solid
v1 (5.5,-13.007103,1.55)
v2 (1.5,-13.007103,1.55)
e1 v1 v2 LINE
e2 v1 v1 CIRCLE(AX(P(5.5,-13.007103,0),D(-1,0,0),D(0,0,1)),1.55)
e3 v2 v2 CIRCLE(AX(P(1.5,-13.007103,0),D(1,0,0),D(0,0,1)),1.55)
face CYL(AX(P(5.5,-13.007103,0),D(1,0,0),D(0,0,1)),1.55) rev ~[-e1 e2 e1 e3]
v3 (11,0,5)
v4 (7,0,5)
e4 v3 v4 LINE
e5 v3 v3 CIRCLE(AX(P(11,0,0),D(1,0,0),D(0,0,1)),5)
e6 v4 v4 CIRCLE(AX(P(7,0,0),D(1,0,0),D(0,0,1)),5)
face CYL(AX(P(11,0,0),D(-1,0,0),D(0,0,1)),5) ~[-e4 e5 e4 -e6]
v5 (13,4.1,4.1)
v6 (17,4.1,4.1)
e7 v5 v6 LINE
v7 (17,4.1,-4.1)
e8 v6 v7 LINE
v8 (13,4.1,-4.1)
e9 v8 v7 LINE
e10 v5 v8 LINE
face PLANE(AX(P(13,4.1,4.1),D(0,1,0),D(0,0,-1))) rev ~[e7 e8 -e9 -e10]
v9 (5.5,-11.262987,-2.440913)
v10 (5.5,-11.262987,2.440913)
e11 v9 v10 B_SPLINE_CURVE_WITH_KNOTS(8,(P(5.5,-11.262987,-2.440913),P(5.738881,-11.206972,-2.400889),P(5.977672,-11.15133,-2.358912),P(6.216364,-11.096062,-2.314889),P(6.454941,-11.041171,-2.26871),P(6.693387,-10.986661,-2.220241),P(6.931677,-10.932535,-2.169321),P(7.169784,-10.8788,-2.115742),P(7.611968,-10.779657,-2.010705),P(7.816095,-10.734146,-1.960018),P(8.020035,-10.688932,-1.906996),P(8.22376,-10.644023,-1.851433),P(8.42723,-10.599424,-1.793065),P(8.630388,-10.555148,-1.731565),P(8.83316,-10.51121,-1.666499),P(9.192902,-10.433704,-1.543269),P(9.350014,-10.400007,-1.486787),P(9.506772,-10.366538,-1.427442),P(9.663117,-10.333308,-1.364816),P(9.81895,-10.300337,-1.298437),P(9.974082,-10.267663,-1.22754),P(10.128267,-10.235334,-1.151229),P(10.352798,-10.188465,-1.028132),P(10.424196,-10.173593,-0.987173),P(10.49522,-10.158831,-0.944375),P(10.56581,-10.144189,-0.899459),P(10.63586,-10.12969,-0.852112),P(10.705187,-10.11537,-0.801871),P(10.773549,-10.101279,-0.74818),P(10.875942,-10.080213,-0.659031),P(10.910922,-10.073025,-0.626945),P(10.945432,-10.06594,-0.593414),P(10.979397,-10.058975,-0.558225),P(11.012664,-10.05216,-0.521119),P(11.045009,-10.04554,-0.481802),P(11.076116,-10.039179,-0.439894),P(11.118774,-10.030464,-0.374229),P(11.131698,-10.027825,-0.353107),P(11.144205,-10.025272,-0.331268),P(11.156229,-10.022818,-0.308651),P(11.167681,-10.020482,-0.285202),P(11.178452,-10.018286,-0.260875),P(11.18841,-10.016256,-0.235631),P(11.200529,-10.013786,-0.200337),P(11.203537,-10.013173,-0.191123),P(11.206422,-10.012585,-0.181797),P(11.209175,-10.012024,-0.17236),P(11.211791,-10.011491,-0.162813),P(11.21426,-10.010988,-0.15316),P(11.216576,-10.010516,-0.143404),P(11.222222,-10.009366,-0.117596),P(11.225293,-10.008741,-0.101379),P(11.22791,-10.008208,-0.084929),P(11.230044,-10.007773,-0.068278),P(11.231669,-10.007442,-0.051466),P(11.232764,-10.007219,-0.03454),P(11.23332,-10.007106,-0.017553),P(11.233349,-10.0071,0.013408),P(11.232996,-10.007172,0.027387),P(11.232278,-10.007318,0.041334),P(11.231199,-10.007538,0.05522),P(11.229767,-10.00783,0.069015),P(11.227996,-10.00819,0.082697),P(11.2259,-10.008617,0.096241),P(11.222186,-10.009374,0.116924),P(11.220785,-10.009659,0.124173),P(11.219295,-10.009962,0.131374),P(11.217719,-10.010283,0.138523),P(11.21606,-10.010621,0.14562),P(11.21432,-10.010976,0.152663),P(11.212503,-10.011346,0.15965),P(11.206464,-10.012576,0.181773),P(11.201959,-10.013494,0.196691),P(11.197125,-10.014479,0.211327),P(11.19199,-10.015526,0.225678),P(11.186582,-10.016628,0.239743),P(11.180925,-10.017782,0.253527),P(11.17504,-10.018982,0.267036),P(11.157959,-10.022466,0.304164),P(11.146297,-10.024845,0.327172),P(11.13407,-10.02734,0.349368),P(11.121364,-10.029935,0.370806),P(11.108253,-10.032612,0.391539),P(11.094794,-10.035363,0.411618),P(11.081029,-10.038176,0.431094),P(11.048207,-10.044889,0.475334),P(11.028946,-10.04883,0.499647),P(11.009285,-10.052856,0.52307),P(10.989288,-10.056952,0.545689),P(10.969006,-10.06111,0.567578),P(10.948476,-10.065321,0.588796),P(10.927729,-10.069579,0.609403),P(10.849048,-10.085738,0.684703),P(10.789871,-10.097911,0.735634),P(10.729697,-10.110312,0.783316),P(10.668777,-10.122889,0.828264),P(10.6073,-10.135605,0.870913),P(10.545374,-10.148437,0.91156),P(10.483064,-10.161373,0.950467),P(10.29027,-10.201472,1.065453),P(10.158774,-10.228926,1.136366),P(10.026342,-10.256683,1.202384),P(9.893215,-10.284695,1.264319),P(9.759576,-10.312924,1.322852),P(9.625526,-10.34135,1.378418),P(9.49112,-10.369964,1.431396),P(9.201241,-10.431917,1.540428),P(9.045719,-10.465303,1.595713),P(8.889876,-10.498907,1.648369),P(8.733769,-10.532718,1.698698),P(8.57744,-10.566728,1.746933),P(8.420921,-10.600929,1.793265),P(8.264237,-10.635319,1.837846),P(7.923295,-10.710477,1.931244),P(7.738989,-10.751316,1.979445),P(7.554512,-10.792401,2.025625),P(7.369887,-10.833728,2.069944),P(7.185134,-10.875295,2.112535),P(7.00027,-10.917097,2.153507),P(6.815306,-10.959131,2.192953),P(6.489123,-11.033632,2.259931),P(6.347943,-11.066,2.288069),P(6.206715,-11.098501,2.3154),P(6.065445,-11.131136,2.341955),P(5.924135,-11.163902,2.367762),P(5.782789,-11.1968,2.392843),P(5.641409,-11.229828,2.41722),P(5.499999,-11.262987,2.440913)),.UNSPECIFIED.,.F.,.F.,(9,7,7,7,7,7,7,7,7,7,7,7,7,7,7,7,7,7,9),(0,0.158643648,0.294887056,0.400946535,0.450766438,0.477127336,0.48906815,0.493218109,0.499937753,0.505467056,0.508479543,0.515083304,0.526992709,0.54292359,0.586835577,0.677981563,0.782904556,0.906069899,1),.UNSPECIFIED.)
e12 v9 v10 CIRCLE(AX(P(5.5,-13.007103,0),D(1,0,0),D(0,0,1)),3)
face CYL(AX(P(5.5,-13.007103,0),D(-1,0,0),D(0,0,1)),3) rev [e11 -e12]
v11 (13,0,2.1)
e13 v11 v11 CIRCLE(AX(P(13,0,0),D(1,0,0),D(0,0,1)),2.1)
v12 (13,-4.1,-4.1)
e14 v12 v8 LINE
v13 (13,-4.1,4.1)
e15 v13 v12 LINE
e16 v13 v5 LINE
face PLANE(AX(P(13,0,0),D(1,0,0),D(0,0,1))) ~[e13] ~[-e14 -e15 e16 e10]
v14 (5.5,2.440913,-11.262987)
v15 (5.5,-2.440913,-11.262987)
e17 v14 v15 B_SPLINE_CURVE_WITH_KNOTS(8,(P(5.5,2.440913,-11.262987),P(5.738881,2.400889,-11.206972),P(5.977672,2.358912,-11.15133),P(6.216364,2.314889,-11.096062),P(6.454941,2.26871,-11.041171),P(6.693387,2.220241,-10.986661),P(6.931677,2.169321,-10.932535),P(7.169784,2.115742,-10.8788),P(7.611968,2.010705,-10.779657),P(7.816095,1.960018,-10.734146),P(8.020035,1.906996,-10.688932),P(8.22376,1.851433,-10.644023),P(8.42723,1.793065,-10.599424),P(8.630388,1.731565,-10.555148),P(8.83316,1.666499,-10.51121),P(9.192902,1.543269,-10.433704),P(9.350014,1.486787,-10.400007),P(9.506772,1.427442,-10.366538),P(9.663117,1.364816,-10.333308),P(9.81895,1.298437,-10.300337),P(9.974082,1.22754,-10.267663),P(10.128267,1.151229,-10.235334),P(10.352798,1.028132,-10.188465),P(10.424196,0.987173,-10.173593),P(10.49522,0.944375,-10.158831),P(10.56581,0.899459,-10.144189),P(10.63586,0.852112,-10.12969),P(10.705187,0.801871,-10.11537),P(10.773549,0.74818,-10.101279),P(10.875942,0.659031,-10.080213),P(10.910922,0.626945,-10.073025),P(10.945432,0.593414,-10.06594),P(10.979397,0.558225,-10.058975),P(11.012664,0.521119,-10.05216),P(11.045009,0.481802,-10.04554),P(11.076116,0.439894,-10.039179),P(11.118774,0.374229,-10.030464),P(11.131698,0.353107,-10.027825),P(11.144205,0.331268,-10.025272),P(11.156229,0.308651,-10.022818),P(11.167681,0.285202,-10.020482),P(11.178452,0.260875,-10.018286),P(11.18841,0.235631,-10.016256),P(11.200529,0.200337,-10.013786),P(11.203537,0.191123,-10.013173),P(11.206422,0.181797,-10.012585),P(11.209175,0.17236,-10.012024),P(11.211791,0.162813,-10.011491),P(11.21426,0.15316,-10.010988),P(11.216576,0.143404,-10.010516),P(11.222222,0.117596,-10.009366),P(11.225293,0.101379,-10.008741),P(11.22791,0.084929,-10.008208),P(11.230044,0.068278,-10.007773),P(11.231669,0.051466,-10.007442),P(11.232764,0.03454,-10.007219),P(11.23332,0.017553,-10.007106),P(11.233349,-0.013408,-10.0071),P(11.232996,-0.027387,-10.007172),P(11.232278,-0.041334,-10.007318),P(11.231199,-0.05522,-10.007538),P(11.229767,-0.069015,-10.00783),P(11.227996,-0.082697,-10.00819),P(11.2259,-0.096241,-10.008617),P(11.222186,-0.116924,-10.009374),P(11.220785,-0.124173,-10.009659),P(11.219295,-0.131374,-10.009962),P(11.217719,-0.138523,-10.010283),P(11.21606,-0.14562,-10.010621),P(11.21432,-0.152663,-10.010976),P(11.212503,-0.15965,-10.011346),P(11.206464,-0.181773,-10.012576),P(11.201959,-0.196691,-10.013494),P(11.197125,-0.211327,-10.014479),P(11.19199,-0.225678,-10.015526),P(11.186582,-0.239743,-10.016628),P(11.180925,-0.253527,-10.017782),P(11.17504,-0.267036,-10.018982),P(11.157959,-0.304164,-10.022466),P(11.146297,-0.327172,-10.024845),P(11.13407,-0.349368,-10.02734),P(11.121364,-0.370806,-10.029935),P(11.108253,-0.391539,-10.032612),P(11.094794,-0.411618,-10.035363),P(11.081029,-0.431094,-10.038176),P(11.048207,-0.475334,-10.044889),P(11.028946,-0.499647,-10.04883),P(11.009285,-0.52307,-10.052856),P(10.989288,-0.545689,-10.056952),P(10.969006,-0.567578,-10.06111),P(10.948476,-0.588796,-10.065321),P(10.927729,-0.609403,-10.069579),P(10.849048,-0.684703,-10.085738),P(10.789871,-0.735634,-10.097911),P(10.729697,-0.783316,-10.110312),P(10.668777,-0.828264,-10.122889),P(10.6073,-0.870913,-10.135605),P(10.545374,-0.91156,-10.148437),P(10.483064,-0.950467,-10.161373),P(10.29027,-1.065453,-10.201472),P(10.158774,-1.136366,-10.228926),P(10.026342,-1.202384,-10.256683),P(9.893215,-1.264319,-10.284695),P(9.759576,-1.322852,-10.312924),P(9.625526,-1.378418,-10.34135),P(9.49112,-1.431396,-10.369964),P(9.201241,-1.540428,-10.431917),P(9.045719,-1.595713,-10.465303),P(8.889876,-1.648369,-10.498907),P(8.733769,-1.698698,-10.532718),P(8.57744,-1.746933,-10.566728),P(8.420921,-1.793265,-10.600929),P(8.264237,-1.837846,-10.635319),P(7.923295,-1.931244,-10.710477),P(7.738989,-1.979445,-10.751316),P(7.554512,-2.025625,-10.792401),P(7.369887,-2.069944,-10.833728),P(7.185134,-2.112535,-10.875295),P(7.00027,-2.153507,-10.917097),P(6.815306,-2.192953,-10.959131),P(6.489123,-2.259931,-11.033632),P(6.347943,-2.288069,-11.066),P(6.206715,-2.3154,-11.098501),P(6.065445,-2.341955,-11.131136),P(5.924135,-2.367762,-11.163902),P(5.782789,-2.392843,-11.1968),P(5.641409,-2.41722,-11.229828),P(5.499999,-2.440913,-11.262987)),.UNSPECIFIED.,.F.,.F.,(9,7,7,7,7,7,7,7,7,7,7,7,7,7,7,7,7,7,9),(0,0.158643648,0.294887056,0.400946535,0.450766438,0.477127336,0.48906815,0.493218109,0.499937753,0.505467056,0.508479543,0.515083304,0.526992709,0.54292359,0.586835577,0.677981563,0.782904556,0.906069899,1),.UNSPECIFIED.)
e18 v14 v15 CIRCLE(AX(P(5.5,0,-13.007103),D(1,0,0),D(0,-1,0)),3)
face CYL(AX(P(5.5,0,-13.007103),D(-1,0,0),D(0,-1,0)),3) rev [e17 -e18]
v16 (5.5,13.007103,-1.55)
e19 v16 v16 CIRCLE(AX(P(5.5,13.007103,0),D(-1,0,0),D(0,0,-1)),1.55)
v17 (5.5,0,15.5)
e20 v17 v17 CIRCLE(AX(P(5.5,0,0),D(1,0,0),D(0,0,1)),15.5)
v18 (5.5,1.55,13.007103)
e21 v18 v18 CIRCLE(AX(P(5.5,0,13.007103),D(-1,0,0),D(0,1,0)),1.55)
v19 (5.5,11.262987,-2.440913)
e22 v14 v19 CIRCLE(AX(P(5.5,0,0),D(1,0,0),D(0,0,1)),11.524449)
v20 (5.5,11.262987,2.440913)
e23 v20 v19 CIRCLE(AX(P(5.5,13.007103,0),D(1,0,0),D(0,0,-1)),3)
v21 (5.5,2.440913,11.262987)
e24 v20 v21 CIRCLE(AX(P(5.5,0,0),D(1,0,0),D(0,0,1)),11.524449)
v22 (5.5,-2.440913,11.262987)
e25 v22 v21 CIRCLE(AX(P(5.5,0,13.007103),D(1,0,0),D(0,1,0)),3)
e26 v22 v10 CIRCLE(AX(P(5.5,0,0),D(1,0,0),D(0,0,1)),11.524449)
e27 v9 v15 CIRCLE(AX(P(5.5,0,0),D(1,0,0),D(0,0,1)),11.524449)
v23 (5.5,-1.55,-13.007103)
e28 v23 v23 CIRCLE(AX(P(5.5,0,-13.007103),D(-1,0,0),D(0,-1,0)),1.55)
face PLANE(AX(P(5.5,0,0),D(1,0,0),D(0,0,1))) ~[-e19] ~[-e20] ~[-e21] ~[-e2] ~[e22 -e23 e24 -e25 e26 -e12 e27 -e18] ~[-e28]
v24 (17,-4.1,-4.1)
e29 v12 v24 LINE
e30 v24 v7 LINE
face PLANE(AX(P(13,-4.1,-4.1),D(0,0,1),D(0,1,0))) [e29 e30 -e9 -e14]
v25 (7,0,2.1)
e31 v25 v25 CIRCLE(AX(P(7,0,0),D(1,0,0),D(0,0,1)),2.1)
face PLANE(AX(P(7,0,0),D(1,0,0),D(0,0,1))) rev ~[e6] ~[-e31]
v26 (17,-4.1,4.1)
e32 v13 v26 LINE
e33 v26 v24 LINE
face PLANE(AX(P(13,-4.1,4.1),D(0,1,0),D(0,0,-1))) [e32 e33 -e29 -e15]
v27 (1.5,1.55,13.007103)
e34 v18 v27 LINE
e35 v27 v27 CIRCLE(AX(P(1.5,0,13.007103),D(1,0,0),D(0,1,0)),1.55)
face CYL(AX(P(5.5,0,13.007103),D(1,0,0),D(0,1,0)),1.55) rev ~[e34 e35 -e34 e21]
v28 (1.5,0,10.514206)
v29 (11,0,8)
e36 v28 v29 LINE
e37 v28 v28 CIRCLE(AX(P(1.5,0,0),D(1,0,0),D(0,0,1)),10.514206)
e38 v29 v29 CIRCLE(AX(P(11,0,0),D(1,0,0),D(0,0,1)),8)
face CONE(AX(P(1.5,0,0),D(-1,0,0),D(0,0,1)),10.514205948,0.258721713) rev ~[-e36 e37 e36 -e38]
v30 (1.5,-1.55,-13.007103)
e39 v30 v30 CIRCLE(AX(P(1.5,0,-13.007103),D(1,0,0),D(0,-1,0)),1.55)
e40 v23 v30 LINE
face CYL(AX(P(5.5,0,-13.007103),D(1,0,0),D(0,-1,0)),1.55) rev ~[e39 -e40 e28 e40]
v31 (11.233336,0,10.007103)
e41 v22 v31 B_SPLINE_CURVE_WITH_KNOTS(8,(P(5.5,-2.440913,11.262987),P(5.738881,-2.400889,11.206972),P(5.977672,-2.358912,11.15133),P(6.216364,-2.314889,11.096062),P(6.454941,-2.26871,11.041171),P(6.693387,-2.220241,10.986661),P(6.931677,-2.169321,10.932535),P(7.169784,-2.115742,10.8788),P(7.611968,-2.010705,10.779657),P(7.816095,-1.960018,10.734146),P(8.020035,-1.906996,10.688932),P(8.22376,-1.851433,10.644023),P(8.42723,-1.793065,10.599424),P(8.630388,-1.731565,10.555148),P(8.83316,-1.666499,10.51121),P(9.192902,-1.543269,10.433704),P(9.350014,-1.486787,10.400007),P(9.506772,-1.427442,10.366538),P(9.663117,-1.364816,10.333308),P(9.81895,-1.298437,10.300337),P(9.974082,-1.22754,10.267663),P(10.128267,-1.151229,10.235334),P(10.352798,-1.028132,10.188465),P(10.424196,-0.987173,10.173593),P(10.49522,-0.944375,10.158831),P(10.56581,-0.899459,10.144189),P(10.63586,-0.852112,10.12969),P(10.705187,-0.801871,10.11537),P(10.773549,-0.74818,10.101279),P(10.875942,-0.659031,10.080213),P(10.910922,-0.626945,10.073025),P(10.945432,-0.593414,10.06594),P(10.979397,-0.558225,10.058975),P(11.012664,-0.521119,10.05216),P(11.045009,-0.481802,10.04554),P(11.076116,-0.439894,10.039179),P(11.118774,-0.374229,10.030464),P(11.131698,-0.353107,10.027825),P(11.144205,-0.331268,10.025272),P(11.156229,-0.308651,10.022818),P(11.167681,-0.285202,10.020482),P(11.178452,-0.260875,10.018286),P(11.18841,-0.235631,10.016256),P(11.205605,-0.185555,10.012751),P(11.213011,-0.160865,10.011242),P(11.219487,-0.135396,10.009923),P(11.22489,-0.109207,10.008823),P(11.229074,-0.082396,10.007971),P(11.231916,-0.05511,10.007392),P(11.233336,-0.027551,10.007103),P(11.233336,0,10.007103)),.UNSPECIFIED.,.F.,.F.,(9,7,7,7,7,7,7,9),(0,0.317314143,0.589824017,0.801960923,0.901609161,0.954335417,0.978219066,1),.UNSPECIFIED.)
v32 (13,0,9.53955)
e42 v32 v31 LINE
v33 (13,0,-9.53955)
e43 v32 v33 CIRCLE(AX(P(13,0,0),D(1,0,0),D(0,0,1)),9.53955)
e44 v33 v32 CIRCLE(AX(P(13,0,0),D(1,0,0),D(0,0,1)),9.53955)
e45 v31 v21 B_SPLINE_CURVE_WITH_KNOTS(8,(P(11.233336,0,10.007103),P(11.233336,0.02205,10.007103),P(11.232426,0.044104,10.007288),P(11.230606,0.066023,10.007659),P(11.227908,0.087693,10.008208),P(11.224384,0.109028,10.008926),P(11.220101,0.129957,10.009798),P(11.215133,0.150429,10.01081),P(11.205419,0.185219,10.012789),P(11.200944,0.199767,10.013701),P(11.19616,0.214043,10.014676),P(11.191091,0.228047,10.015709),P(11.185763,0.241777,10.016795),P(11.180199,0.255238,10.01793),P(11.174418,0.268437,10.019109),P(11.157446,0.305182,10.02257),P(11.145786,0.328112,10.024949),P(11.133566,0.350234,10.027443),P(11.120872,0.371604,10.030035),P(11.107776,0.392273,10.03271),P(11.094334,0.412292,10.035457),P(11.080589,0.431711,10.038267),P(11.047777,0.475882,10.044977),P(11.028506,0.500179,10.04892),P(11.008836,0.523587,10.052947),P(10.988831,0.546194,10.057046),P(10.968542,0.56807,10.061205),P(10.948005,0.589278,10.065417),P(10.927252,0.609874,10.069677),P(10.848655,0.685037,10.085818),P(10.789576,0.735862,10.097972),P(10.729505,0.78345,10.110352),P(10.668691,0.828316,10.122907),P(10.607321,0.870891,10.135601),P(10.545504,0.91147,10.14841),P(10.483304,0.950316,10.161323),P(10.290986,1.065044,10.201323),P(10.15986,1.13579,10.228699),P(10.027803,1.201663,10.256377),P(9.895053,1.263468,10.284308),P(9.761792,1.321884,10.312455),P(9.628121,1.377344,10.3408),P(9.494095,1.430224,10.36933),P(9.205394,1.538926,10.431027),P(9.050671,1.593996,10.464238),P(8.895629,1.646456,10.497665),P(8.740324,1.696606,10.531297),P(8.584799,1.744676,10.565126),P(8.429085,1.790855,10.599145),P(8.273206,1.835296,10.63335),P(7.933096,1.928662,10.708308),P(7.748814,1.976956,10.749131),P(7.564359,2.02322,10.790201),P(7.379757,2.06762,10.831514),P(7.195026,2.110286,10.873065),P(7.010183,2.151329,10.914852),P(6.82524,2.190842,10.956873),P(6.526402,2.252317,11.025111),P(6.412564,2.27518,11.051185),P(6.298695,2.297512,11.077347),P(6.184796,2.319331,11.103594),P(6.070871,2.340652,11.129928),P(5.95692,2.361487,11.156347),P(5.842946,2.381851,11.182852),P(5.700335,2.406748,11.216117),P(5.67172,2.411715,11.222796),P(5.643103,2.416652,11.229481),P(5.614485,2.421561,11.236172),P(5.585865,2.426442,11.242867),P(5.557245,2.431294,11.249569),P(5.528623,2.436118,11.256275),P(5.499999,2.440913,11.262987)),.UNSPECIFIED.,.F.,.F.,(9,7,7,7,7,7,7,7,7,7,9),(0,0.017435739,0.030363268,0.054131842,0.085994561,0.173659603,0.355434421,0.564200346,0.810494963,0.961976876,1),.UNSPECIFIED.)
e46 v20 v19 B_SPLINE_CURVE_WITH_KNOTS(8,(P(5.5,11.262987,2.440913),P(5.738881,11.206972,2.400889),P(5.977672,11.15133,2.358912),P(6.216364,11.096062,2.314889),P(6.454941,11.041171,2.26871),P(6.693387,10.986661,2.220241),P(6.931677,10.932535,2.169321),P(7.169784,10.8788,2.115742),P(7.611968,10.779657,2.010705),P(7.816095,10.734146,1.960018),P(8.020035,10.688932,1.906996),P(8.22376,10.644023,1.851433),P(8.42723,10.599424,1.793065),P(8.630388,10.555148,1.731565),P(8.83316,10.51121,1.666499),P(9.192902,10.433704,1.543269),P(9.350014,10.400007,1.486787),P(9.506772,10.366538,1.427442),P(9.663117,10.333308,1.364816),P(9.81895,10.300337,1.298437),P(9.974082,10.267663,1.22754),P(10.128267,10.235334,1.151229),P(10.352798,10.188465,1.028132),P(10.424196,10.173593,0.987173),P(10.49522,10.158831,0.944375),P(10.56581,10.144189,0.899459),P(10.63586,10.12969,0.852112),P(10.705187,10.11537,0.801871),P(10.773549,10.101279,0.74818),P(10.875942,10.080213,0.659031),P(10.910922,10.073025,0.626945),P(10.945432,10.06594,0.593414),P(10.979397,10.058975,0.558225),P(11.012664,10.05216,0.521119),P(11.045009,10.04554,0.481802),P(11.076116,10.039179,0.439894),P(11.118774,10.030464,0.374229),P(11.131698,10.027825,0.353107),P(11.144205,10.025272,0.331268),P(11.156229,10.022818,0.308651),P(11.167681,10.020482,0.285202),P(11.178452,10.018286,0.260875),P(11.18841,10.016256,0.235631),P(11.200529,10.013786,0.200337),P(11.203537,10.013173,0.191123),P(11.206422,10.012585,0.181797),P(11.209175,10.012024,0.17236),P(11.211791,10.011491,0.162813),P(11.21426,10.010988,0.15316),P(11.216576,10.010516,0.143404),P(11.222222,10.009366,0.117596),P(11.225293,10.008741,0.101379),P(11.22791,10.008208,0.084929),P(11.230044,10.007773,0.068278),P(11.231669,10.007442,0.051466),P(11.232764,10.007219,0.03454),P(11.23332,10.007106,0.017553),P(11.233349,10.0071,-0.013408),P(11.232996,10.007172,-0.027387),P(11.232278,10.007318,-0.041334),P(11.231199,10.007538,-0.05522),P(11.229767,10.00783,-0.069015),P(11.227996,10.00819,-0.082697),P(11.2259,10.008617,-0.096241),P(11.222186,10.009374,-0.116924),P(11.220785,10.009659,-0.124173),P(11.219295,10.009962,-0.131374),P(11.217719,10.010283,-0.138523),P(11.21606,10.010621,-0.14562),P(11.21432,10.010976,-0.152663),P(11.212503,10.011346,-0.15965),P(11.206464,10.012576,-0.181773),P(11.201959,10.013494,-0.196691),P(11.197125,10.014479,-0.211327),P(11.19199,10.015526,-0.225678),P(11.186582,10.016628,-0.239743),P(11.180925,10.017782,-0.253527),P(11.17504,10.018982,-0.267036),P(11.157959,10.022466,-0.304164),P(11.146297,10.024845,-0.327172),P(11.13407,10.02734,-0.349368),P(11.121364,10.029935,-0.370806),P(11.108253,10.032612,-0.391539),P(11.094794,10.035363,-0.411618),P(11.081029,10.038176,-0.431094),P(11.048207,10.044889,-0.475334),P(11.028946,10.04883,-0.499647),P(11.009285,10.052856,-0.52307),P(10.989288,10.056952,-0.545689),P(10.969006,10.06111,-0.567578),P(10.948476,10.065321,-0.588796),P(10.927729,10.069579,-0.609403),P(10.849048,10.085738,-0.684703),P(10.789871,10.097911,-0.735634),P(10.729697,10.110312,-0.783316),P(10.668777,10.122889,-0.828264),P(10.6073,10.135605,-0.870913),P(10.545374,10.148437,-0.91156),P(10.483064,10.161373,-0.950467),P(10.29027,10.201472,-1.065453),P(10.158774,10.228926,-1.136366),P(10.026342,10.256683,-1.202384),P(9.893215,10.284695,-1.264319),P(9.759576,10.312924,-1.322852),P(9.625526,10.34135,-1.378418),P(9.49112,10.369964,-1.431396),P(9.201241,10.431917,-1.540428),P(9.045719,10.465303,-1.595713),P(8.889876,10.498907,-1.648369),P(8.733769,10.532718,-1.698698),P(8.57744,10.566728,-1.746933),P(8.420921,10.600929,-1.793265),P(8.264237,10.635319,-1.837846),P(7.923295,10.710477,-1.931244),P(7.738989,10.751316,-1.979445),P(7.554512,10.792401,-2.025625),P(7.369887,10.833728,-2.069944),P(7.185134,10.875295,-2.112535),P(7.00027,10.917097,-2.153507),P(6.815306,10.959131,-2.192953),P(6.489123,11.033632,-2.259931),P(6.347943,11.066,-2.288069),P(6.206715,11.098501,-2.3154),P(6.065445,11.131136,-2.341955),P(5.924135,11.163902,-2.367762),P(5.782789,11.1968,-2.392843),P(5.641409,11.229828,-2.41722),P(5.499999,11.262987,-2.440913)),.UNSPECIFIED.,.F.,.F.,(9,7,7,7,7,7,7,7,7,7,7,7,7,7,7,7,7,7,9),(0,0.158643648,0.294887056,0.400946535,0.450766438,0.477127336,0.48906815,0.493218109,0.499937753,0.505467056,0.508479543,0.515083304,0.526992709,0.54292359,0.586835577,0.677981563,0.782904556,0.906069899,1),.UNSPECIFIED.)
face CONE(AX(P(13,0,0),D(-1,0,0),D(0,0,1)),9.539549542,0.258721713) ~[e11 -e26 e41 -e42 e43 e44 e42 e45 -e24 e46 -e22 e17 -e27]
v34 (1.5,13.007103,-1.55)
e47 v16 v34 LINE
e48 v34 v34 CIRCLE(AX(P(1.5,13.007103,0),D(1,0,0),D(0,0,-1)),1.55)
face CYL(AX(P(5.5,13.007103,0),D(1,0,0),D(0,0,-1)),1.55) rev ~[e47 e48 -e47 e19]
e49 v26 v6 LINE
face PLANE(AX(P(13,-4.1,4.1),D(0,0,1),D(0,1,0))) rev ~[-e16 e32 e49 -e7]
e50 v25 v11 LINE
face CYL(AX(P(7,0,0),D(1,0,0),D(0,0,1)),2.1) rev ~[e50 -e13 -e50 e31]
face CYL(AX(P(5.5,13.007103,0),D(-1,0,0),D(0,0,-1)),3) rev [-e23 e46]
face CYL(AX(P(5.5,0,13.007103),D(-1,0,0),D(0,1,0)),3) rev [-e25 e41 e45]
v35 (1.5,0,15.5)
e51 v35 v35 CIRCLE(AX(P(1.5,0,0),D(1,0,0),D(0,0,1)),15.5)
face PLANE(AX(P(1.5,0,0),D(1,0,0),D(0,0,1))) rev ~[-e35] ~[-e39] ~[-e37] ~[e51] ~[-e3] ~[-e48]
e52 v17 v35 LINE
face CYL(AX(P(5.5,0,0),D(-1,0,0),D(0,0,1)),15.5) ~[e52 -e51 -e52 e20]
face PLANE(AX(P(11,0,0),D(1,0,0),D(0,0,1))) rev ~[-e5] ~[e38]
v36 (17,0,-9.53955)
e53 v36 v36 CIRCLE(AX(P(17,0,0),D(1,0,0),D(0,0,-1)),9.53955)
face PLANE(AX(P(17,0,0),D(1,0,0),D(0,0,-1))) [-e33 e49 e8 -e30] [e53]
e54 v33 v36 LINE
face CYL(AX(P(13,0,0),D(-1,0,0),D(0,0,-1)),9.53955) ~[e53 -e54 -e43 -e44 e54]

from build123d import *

# Parameters (mm, degrees)
ESQUISSE2_R                  = 9.539549542
ESQUISSE2_W                  = 8.2
ESQUISSE2_H                  = 8.2
BOSS_EXTRU_1_DEPTH           = 4
ESQUISSE3_R                  = 1.55
ENL_V_MAT_EXTRU_1_DEPTH      = 25.753787589
ESQUISSE4_R                  = 3
ENL_V_MAT_EXTRU_2_DEPTH      = 25.753787589
R_P_TITION_CIRCULAIRE1_COUNT = 4


with BuildPart() as part:
    # Esquisse1 → Révolution1 (revolve)
    with BuildSketch(Plane.XY, mode=Mode.PRIVATE) as r_volution1_sk:
        Polygon((1.5, 15.5), (1.5, 10.514205948), (11, 8), (11, 5), (7, 5), (7, 2.1), (13, 2.1), (13, 9.539549542), (5.5, 11.524448975), (5.5, 15.5), align=None)
    revolve(r_volution1_sk.sketch.rotate(Axis((0, 0, 0), (1, 0, 0)), 90), axis=Axis((0, 0, 0), (1, 0, 0)))

    # Esquisse2 → Boss.-Extru.1 (add)
    with BuildSketch(Plane(origin=(13, 0, 0), x_dir=(0, 0, -1), z_dir=(1, 0, 0))):
        Circle(ESQUISSE2_R)
        Rectangle(ESQUISSE2_W, ESQUISSE2_H, mode=Mode.SUBTRACT)
    extrude(amount=BOSS_EXTRU_1_DEPTH)

    # Esquisse3 → Enlèv. mat.-Extru.1 (cut, through all)
    with BuildSketch(Plane(origin=(5.5, 0, 0), x_dir=(0, 0, -1), z_dir=(1, 0, 0))):
        with Locations((0, 13.007102974)):
            Circle(ESQUISSE3_R)
    enl_v_mat_extru_1 = extrude(amount=-ENL_V_MAT_EXTRU_1_DEPTH, mode=Mode.SUBTRACT)

    # Esquisse4 → Enlèv. mat.-Extru.2 (cut, through all)
    with BuildSketch(Plane(origin=(5.5, 0, 0), x_dir=(0, 0, -1), z_dir=(1, 0, 0))):
        with Locations((0, 13.007102974)):
            Circle(ESQUISSE4_R)
    enl_v_mat_extru_2 = extrude(amount=ENL_V_MAT_EXTRU_2_DEPTH, mode=Mode.SUBTRACT)

    # Répétition circulaire1: Enlèv. mat.-Extru.1, Enlèv. mat.-Extru.2 ×4 about axis
    r_p_tition_circulaire1_axis = Axis((0, 0, 0), (1, 0, 0))
    add([enl_v_mat_extru_1.rotate(r_p_tition_circulaire1_axis, i * 360 / R_P_TITION_CIRCULAIRE1_COUNT) for i in range(1, R_P_TITION_CIRCULAIRE1_COUNT)], mode=Mode.SUBTRACT)
    add([enl_v_mat_extru_2.rotate(r_p_tition_circulaire1_axis, i * 360 / R_P_TITION_CIRCULAIRE1_COUNT) for i in range(1, R_P_TITION_CIRCULAIRE1_COUNT)], mode=Mode.SUBTRACT)


solid = part.part
